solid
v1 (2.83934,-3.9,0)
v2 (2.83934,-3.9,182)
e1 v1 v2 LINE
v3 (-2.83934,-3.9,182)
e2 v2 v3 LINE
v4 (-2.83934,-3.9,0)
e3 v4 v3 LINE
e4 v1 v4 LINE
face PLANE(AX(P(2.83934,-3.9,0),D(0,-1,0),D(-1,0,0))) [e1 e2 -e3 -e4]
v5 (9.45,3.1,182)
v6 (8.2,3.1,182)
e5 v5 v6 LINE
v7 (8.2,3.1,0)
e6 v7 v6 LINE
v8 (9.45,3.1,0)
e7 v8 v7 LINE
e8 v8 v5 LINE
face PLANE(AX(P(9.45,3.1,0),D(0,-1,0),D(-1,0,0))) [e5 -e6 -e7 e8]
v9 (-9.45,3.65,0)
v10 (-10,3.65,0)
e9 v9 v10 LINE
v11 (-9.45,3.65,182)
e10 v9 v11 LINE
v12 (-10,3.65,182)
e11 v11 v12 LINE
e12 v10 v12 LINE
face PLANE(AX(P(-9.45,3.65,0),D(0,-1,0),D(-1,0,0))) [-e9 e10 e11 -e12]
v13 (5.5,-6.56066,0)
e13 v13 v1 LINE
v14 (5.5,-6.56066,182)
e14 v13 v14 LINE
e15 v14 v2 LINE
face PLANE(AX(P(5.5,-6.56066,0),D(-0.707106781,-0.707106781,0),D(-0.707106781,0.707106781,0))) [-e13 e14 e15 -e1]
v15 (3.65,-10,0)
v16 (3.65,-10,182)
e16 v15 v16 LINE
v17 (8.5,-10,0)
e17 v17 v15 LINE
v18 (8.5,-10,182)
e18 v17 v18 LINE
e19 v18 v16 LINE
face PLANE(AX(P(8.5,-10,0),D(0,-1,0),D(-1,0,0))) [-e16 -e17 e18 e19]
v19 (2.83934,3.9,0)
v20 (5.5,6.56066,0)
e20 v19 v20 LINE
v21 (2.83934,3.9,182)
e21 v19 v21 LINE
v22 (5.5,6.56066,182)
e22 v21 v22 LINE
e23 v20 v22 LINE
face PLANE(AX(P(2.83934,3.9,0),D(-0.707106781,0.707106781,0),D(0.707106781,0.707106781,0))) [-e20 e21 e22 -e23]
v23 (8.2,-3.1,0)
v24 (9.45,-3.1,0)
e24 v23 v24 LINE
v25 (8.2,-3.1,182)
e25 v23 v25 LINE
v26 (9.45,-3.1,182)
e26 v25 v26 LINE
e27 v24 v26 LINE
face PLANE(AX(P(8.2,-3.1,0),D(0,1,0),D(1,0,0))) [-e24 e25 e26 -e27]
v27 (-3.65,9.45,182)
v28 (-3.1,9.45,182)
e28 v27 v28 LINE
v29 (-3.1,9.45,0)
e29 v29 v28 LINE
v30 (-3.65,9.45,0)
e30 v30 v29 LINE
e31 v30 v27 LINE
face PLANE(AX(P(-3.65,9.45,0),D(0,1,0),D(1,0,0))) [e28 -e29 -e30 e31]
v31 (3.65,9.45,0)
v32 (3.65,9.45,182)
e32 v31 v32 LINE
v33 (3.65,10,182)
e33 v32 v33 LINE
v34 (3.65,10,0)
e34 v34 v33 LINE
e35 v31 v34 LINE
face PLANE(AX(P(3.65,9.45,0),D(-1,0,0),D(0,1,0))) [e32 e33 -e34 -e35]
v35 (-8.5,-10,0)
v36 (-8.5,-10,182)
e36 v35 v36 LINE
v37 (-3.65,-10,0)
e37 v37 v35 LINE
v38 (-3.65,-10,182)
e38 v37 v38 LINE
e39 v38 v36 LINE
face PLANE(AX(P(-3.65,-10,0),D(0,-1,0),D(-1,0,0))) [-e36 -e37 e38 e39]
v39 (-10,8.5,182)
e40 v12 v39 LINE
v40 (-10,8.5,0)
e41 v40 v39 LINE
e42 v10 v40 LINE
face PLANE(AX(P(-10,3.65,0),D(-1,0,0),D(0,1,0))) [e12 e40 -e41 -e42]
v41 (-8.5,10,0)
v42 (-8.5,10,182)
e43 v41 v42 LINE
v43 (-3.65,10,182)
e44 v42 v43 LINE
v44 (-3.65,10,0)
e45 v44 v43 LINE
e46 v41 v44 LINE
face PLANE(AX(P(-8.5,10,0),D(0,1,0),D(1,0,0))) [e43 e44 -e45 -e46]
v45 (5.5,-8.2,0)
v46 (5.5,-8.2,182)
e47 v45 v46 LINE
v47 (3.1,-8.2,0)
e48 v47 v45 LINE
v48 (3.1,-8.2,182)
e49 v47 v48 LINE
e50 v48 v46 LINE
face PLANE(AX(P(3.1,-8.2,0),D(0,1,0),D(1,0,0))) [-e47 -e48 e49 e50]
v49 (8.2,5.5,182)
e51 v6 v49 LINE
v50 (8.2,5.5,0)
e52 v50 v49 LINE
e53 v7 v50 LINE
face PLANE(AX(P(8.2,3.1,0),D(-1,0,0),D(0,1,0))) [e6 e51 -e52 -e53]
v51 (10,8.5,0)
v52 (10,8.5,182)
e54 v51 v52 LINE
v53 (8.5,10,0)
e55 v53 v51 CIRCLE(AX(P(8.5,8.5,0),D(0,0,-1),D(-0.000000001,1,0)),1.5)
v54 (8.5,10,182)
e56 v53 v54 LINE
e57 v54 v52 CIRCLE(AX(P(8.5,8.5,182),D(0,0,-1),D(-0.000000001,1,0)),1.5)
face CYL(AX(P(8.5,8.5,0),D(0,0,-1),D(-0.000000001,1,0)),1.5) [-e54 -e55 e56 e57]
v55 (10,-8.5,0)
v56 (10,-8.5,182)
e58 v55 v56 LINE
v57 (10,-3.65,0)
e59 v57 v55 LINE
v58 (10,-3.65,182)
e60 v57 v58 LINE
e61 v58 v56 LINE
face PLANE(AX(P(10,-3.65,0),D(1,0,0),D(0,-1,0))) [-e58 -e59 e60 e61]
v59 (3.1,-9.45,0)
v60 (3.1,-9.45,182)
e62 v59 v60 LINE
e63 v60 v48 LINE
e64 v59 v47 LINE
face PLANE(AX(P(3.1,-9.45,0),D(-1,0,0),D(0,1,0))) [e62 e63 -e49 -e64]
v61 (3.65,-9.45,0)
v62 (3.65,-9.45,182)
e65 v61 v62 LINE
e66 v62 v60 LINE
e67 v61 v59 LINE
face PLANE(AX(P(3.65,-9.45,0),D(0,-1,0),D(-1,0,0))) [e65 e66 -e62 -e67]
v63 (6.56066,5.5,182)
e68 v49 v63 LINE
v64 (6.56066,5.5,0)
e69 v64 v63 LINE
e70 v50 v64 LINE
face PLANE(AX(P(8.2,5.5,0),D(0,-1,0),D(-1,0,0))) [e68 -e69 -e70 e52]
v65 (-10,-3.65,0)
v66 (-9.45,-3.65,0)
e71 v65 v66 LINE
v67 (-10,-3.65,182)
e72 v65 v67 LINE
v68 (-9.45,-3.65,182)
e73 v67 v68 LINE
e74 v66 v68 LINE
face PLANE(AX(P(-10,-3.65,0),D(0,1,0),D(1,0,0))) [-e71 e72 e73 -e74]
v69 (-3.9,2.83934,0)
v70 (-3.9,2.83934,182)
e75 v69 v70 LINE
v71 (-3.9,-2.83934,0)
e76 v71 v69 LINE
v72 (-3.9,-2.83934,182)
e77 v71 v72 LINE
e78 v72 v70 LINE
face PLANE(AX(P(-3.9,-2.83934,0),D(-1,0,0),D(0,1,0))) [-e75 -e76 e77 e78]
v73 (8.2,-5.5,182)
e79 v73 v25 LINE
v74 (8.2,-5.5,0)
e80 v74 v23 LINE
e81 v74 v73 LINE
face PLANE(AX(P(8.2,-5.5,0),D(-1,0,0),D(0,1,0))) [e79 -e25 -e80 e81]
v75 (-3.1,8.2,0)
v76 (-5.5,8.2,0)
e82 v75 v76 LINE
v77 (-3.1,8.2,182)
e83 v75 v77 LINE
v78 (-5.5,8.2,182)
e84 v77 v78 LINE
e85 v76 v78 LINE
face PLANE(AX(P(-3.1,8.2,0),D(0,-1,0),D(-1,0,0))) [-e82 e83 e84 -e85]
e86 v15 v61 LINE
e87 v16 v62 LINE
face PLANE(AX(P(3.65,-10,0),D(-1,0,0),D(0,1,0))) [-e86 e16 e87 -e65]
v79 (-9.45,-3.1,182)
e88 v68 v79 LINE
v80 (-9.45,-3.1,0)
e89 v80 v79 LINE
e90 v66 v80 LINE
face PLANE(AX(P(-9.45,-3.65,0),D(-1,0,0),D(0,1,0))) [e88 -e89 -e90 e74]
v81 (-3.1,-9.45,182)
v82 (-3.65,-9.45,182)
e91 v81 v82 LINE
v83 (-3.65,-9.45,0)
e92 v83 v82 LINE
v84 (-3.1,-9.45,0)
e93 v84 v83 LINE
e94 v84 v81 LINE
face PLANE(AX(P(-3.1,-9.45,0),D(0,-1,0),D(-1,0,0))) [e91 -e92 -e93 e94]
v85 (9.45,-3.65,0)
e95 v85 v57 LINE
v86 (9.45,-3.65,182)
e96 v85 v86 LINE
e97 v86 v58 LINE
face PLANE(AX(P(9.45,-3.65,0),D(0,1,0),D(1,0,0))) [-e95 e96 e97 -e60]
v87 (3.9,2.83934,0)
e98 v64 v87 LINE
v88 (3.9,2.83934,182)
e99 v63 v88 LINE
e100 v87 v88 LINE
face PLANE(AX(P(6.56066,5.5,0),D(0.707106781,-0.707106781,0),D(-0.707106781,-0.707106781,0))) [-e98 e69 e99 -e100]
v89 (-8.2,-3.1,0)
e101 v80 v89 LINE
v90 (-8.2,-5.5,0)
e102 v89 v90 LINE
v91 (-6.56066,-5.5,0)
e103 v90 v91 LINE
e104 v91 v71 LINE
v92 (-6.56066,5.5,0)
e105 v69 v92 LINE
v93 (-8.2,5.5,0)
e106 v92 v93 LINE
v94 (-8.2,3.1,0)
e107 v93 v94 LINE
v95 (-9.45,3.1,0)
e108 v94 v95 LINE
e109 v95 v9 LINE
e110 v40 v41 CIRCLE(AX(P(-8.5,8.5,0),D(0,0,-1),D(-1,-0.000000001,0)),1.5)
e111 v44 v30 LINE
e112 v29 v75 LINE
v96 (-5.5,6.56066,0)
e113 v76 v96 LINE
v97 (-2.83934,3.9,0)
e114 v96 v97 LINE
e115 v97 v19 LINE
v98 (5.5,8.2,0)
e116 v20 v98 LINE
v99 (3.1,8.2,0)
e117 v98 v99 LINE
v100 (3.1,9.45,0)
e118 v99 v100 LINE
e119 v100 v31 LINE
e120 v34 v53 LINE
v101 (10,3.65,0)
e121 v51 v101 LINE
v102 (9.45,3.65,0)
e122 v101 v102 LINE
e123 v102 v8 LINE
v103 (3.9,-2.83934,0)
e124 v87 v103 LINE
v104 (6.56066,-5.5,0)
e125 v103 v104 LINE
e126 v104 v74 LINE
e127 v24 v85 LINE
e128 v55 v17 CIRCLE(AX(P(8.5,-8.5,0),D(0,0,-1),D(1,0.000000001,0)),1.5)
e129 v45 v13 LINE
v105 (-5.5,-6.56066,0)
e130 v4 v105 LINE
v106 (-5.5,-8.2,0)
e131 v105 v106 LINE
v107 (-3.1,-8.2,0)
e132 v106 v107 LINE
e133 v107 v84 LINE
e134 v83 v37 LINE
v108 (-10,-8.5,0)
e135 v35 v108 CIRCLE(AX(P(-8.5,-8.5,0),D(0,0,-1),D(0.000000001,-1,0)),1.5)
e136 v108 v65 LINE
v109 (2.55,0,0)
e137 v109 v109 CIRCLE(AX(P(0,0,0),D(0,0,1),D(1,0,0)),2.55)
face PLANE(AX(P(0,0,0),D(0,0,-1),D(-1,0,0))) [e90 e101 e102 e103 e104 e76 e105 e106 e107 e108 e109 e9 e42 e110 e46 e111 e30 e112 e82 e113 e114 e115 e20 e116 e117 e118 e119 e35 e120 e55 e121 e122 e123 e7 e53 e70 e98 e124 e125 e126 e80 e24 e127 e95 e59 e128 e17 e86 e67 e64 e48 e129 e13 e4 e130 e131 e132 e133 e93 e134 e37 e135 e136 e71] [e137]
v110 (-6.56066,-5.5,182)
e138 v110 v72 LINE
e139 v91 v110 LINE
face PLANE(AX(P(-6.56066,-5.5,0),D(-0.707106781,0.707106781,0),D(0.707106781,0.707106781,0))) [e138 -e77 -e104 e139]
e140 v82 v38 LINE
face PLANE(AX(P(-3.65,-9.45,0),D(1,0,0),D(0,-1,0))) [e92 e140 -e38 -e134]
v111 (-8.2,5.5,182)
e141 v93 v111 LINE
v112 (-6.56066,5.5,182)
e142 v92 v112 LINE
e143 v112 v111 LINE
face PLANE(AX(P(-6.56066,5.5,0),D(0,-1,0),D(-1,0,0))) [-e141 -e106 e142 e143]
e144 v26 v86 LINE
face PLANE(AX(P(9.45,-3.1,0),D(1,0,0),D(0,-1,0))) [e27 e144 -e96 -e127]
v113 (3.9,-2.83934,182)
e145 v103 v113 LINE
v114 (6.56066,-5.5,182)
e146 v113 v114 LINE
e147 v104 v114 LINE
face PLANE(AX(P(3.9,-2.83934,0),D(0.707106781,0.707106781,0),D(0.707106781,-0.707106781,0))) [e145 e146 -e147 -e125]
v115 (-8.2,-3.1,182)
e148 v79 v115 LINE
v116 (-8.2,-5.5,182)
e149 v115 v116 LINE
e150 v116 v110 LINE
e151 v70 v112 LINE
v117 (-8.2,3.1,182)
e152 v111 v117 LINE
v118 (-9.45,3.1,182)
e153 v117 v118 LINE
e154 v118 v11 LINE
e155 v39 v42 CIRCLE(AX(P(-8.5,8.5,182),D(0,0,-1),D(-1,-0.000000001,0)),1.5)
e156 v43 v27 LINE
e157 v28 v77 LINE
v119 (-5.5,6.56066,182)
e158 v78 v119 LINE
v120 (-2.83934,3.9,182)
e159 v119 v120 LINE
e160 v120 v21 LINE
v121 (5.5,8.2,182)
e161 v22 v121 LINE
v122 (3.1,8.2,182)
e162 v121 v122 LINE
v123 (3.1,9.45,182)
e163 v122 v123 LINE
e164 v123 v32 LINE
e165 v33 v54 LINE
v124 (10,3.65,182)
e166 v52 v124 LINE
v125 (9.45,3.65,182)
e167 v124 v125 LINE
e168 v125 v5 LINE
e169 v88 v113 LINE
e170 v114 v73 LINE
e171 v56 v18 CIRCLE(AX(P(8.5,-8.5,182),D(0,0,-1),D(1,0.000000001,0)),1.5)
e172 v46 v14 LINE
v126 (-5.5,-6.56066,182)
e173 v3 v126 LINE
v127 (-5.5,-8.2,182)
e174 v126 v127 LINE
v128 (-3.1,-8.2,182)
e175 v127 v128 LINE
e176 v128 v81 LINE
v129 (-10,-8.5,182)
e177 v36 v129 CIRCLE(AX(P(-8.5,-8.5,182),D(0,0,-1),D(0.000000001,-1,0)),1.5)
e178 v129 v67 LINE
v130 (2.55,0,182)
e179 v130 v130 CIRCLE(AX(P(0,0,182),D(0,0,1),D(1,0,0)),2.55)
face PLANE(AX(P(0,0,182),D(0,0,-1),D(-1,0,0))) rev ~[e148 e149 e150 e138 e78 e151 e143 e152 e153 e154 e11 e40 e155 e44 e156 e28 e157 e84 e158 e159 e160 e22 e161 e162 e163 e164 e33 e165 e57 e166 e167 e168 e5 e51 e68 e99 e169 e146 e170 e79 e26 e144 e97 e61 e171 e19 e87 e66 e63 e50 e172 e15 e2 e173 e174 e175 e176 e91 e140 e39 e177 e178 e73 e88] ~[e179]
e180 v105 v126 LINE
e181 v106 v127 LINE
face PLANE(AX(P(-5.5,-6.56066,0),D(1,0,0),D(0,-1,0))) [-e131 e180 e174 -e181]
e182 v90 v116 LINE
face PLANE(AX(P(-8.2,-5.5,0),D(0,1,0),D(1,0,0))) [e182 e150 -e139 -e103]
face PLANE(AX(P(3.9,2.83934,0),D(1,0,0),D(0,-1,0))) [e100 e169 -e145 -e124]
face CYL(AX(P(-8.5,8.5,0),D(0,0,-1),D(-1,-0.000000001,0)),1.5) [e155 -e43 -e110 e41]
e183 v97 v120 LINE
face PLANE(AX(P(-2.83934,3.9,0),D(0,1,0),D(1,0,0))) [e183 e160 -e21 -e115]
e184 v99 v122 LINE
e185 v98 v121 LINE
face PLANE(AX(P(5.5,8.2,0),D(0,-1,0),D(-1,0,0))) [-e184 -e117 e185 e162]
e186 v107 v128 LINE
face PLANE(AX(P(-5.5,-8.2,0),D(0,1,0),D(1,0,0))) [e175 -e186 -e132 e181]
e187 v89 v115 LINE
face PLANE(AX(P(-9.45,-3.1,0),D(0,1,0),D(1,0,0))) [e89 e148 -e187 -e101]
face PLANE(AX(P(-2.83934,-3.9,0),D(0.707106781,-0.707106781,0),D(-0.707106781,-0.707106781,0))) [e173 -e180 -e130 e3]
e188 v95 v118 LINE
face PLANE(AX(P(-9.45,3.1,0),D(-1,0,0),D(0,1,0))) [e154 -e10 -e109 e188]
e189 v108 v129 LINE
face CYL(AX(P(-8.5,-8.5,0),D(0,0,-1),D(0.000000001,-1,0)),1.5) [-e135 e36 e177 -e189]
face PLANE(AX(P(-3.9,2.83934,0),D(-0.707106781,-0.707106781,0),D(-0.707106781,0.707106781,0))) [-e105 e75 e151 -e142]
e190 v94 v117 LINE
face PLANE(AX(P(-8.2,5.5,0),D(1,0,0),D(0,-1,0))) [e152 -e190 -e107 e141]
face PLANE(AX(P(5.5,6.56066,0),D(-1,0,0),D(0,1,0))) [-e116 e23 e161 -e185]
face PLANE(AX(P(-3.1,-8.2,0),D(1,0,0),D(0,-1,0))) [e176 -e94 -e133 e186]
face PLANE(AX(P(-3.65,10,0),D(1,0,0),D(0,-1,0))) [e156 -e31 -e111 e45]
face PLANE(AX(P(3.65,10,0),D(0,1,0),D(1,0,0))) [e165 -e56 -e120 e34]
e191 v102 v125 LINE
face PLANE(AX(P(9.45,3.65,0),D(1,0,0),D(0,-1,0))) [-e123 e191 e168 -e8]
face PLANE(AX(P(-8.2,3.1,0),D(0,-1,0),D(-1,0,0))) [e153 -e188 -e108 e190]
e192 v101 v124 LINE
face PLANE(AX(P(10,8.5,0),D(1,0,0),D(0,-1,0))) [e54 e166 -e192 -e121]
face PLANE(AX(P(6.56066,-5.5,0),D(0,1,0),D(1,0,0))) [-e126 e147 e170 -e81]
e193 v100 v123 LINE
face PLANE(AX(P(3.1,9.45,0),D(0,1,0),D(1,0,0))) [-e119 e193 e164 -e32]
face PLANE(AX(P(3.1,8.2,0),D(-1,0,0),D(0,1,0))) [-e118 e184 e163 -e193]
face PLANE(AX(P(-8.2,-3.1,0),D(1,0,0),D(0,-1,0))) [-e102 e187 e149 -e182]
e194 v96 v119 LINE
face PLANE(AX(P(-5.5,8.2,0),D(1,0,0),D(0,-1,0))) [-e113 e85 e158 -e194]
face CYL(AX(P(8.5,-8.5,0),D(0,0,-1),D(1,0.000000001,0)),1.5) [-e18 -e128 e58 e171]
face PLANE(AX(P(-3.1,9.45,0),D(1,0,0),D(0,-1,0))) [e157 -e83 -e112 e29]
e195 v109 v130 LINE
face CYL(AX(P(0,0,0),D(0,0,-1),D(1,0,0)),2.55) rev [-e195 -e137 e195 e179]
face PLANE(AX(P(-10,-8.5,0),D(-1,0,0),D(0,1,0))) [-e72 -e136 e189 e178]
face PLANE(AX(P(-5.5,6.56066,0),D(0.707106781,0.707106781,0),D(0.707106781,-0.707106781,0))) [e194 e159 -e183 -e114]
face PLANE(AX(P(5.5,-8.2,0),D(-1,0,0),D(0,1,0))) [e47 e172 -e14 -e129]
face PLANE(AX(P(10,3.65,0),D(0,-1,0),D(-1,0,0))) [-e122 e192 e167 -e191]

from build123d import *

# Parameters (mm, degrees)
SKETCH_1_R      = 2.55
EXTRUDE_1_DEPTH = 182


with BuildPart() as part:
    # 草图1 → 凸台-拉伸1 (new body)
    with BuildSketch(Plane.XY):
        with BuildLine():
            Line((-3.9, 2.839339828), (-6.560660172, 5.5))
            Line((-6.560660172, 5.5), (-8.2, 5.5))
            Line((-8.2, 5.5), (-8.2, 3.1))
            Line((-8.2, 3.1), (-9.45, 3.1))
            Line((-9.45, 3.1), (-9.45, 3.65))
            Line((-9.45, 3.65), (-10, 3.65))
            Line((-10, 3.65), (-10, 8.5))
            ThreePointArc((-10, 8.5), (-9.560660172, 9.560660172), (-8.5, 10))
            Line((-8.5, 10), (-3.65, 10))
            Line((-3.65, 10), (-3.65, 9.45))
            Line((-3.65, 9.45), (-3.1, 9.45))
            Line((-3.1, 9.45), (-3.1, 8.2))
            Line((-3.1, 8.2), (-5.5, 8.2))
            Line((-5.5, 8.2), (-5.5, 6.560660172))
            Line((-5.5, 6.560660172), (-2.839339828, 3.9))
            Line((-2.839339828, 3.9), (2.839339828, 3.9))
            Line((2.839339828, 3.9), (5.5, 6.560660172))
            Line((5.5, 6.560660172), (5.5, 8.2))
            Line((5.5, 8.2), (3.1, 8.2))
            Line((3.1, 8.2), (3.1, 9.45))
            Line((3.1, 9.45), (3.65, 9.45))
            Line((3.65, 9.45), (3.65, 10))
            Line((3.65, 10), (8.5, 10))
            ThreePointArc((8.5, 10), (9.560660172, 9.560660172), (10, 8.5))
            Line((10, 8.5), (10, 3.65))
            Line((10, 3.65), (9.45, 3.65))
            Line((9.45, 3.65), (9.45, 3.1))
            Line((9.45, 3.1), (8.2, 3.1))
            Line((8.2, 3.1), (8.2, 5.5))
            Line((8.2, 5.5), (6.560660172, 5.5))
            Line((6.560660172, 5.5), (3.9, 2.839339828))
            Line((3.9, 2.839339828), (3.9, -2.839339828))
            Line((3.9, -2.839339828), (6.560660172, -5.5))
            Line((6.560660172, -5.5), (8.2, -5.5))
            Line((8.2, -5.5), (8.2, -3.1))
            Line((8.2, -3.1), (9.45, -3.1))
            Line((9.45, -3.1), (9.45, -3.65))
            Line((9.45, -3.65), (10, -3.65))
            Line((10, -3.65), (10, -8.5))
            ThreePointArc((10, -8.5), (9.560660172, -9.560660172), (8.5, -10))
            Line((8.5, -10), (3.65, -10))
            Line((3.65, -10), (3.65, -9.45))
            Line((3.65, -9.45), (3.1, -9.45))
            Line((3.1, -9.45), (3.1, -8.2))
            Line((3.1, -8.2), (5.5, -8.2))
            Line((5.5, -8.2), (5.5, -6.560660172))
            Line((5.5, -6.560660172), (2.839339828, -3.9))
            Line((2.839339828, -3.9), (-2.839339828, -3.9))
            Line((-2.839339828, -3.9), (-5.5, -6.560660172))
            Line((-5.5, -6.560660172), (-5.5, -8.2))
            Line((-5.5, -8.2), (-3.1, -8.2))
            Line((-3.1, -8.2), (-3.1, -9.45))
            Line((-3.1, -9.45), (-3.65, -9.45))
            Line((-3.65, -9.45), (-3.65, -10))
            Line((-3.65, -10), (-8.5, -10))
            ThreePointArc((-8.5, -10), (-9.560660172, -9.560660172), (-10, -8.5))
            Line((-10, -8.5), (-10, -3.65))
            Line((-10, -3.65), (-9.45, -3.65))
            Line((-9.45, -3.65), (-9.45, -3.1))
            Line((-9.45, -3.1), (-8.2, -3.1))
            Line((-8.2, -3.1), (-8.2, -5.5))
            Line((-8.2, -5.5), (-6.560660172, -5.5))
            Line((-6.560660172, -5.5), (-3.9, -2.839339828))
            Line((-3.9, -2.839339828), (-3.9, 2.839339828))
        make_face()
        Circle(SKETCH_1_R, mode=Mode.SUBTRACT)
    extrude(amount=EXTRUDE_1_DEPTH)


solid = part.part
